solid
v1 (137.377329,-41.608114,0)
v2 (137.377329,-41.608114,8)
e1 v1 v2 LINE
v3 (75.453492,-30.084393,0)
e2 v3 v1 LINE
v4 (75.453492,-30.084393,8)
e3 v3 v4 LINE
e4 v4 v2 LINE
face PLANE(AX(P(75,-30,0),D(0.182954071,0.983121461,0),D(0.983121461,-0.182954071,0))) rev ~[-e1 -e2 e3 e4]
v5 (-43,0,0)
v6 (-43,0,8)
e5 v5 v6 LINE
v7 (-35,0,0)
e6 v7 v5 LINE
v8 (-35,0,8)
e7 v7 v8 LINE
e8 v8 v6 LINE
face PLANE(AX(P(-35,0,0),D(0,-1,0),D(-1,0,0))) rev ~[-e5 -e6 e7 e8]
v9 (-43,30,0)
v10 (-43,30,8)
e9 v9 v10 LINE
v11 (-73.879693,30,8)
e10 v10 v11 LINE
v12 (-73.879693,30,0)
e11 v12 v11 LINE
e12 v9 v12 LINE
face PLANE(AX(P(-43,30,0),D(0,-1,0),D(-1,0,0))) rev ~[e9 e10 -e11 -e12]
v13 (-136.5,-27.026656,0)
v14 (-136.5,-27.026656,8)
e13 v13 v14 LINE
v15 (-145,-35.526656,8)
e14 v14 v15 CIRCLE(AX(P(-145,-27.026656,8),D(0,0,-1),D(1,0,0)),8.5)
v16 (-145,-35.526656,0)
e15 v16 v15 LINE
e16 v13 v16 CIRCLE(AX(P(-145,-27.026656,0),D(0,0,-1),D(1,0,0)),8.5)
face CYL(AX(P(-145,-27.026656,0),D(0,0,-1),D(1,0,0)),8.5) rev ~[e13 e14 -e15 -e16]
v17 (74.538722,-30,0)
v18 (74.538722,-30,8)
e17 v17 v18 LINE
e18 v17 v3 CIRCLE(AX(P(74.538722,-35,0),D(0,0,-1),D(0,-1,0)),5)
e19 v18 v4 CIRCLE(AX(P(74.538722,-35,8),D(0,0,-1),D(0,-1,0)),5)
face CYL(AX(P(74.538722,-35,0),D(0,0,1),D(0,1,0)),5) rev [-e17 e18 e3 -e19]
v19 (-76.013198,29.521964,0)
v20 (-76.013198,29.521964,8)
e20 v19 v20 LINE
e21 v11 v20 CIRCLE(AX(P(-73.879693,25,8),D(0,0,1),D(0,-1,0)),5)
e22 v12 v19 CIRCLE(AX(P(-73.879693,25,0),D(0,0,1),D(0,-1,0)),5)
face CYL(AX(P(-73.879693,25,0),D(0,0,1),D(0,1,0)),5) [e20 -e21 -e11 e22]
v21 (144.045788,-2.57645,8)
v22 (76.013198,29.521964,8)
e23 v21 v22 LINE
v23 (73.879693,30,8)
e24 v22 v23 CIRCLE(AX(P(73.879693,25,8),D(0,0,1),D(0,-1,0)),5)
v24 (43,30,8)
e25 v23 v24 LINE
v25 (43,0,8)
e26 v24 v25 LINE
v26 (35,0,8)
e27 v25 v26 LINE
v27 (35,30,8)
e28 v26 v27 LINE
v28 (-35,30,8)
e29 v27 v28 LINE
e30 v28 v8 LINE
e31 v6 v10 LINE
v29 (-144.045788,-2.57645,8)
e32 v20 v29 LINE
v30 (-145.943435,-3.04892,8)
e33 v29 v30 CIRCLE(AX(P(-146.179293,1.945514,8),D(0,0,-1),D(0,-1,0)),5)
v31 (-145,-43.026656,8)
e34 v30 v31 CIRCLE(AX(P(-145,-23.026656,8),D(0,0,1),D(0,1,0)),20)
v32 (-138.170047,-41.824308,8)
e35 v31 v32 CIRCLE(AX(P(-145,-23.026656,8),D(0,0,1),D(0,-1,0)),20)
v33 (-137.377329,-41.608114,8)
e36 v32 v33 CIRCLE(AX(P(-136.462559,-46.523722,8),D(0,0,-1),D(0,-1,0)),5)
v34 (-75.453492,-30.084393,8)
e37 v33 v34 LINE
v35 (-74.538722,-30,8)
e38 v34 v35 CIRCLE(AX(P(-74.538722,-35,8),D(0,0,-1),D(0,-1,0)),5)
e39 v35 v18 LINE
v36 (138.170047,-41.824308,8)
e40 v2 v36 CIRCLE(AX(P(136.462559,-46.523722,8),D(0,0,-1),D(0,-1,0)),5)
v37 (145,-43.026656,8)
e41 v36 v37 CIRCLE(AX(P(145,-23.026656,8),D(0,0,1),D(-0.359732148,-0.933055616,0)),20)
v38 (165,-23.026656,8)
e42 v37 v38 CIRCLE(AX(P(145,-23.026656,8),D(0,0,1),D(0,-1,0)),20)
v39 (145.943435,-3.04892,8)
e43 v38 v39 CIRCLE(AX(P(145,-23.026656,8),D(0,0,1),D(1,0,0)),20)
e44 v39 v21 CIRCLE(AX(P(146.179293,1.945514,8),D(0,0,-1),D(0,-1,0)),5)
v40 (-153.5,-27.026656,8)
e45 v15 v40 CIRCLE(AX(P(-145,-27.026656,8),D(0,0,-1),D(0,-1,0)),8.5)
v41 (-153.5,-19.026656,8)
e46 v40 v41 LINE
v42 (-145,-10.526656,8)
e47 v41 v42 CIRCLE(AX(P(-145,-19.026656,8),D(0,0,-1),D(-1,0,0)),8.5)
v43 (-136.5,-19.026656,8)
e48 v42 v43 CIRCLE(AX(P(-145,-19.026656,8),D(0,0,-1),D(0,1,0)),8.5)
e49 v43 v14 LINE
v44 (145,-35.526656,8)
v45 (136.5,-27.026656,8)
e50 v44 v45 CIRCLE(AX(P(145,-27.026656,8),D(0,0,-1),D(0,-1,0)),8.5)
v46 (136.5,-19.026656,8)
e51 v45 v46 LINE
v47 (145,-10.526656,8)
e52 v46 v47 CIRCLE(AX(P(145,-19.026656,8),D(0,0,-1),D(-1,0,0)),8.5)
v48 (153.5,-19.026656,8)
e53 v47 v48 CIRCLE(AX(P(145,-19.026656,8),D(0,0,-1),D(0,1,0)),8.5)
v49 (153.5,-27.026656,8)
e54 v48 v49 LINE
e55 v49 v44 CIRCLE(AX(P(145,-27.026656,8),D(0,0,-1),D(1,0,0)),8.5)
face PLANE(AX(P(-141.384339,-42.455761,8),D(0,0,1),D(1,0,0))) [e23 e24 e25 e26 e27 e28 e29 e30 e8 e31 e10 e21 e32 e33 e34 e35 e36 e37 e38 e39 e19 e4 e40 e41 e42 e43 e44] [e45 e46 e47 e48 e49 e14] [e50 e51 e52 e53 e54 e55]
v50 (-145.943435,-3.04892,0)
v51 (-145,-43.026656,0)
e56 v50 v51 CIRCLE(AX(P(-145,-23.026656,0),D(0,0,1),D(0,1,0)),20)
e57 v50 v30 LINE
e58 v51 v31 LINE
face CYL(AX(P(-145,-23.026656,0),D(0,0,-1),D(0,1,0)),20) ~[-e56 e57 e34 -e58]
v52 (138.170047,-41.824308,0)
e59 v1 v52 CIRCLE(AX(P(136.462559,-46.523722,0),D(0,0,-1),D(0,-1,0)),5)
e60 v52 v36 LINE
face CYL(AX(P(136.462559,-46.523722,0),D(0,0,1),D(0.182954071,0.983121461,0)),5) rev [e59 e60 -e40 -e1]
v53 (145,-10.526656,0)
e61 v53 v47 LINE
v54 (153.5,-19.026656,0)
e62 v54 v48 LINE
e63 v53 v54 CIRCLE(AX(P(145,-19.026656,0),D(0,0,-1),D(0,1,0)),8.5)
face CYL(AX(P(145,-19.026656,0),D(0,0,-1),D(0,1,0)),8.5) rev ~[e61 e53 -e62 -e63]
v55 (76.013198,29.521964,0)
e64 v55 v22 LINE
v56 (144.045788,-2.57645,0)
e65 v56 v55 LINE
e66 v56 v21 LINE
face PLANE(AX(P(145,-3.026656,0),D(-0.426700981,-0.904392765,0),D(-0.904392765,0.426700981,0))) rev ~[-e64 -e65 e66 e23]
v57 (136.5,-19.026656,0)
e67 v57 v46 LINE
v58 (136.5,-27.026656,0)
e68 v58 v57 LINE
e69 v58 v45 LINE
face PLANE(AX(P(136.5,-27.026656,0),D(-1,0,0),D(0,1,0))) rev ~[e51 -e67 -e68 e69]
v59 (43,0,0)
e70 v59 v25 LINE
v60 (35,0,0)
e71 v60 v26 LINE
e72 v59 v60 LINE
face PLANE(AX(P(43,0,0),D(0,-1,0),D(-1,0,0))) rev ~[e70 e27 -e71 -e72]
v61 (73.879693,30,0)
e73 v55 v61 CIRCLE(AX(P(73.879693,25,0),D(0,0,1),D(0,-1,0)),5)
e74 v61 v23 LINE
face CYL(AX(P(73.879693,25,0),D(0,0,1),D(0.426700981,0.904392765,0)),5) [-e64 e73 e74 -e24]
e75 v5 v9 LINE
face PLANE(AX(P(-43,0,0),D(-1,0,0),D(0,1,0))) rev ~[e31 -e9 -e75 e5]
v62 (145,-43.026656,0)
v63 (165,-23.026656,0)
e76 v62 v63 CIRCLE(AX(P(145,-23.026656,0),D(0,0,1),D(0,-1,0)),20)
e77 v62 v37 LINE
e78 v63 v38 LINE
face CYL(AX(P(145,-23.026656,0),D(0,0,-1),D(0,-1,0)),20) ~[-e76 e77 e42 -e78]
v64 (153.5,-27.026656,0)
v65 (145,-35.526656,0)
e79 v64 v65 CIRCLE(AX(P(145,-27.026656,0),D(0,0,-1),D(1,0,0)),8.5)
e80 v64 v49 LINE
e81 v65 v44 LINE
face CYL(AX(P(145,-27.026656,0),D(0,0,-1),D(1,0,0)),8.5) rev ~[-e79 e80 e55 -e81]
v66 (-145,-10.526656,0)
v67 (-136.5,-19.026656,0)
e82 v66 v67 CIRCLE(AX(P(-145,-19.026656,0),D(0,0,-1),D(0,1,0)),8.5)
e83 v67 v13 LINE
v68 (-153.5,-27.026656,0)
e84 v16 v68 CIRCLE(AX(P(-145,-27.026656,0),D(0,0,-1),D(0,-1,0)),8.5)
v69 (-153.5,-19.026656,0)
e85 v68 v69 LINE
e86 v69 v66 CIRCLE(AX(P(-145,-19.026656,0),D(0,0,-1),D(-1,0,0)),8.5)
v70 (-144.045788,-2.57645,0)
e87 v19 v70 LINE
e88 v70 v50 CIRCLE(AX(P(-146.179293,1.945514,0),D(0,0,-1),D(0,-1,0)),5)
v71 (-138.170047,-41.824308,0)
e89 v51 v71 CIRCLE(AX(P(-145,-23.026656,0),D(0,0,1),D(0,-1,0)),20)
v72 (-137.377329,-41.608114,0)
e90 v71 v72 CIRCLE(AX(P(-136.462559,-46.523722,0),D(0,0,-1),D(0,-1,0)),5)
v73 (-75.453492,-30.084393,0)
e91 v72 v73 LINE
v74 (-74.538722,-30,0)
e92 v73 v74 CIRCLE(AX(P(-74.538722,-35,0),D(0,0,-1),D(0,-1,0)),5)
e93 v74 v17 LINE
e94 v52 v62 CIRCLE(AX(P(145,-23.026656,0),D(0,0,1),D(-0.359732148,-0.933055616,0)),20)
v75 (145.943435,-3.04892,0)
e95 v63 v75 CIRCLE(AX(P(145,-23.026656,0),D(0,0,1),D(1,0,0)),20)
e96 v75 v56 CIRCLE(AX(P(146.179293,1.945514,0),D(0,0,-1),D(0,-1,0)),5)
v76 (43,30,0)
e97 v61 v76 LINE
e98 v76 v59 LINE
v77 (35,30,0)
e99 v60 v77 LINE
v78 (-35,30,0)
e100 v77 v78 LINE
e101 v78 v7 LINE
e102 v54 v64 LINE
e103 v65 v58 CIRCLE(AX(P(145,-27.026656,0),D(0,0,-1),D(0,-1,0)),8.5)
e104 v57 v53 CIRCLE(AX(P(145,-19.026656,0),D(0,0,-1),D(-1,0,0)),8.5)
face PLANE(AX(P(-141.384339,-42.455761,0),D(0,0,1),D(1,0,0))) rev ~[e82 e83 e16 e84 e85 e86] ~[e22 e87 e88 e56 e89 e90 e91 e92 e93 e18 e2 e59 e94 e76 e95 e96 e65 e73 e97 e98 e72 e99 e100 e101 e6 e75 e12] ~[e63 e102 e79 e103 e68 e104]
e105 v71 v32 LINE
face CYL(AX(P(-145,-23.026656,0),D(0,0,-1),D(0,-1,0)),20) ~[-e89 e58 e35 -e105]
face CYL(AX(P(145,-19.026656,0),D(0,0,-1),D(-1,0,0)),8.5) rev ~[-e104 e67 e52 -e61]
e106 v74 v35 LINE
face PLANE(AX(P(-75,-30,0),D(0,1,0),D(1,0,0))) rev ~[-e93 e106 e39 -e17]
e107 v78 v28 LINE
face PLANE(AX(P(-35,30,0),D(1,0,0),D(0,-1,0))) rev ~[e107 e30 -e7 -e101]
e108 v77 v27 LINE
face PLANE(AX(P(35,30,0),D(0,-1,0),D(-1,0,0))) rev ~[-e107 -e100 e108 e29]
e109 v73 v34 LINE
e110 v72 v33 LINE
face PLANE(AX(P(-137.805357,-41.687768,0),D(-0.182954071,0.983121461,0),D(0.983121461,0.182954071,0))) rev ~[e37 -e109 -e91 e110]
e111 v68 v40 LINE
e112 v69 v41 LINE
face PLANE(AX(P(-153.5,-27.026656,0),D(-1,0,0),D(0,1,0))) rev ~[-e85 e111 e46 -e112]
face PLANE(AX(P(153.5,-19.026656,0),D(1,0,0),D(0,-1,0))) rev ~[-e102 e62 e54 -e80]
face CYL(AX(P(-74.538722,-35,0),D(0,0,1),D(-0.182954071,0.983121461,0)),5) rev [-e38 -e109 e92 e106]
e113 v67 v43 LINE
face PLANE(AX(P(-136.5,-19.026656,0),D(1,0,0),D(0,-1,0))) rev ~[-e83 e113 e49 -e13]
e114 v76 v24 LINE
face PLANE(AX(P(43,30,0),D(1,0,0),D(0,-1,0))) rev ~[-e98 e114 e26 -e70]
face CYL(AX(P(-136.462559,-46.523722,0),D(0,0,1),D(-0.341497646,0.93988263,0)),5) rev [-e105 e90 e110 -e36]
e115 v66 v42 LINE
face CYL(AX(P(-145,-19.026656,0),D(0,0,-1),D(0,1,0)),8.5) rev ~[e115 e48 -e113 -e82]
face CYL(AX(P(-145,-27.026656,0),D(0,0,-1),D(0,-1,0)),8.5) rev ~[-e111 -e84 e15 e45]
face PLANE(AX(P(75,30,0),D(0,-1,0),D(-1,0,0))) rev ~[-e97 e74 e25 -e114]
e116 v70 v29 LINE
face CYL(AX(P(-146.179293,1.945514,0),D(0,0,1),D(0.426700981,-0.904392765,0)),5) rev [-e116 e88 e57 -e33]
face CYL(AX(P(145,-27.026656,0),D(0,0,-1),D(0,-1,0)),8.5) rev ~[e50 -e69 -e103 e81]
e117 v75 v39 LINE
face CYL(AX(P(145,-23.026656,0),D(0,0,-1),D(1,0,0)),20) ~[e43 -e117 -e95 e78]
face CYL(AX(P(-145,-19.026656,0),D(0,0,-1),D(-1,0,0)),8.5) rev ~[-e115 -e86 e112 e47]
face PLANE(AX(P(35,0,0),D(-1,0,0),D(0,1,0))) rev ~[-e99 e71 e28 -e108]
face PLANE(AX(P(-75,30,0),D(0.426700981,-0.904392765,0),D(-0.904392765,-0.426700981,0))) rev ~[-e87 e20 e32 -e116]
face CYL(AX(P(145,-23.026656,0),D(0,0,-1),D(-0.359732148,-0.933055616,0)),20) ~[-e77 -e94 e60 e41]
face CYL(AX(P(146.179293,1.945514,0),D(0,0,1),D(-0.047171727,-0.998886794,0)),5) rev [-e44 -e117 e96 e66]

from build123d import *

# Parameters (mm, degrees)
F1_DEPTH = 8
F2_R     = 5


with BuildPart() as f1:
    # F0 (on Top) → F1 (new body)
    with BuildSketch(Plane.XY):
        with BuildLine():
            ThreePointArc((-145, -43.026655901), (-141.3409185754, -42.6890851285), (-137.805357045, -41.6877682137))
            Line((-137.805357045, -41.6877682137), (-145, -43.026655901))
        make_face()
        with BuildLine():
            Line((145, -43.026655901), (137.805357045, -41.6877682137))
            ThreePointArc((137.805357045, -41.6877682137), (141.3409185754, -42.6890851285), (145, -43.026655901))
        make_face()
        with BuildLine():
            Line((-137.805357045, -41.6877682137), (-75, -30))
            Line((-75, -30), (-75, 30))
            Line((-75, 30), (-145, -3.026655901))
            ThreePointArc((-145, -3.026655901), (-130.8578643763, -8.8845202772), (-125, -23.026655901))
            ThreePointArc((-125, -23.026655901), (-128.5092016703, -34.3427316541), (-137.805357045, -41.6877682137))
        make_face()
        with BuildLine():
            Line((75, 30), (75, -30))
            Line((75, -30), (137.805357045, -41.6877682137))
            ThreePointArc((137.805357045, -41.6877682137), (125.3375707725, -19.3675744763), (145, -3.026655901))
            Line((145, -3.026655901), (75, 30))
        make_face()
        Polygon((-75, 30), (-75, -30), (-66.3212612271, -30), (75, -30), (75, 30), (43, 30), (43, 0), (35, 0), (35, 30), (-35, 30), (-35, 0), (-43, 0), (-43, 30), align=None)
        with BuildLine():
            Line((-145, -10.526655901), (-145, -3.026655901))
            ThreePointArc((-145, -3.026655901), (-165, -23.026655901), (-145, -43.026655901))
            Line((-145, -43.026655901), (-145, -35.526655901))
            ThreePointArc((-145, -35.526655901), (-151.0104076401, -33.037063541), (-153.5, -27.026655901))
            Line((-153.5, -27.026655901), (-153.5, -19.026655901))
            ThreePointArc((-153.5, -19.026655901), (-151.0104076401, -13.0162482609), (-145, -10.526655901))
        make_face()
        with BuildLine():
            ThreePointArc((165, -23.026655901), (159.1421356237, -8.8845202772), (145, -3.026655901))
            Line((145, -3.026655901), (145, -10.526655901))
            ThreePointArc((145, -10.526655901), (151.0104076401, -13.0162482609), (153.5, -19.026655901))
            Line((153.5, -19.026655901), (153.5, -27.026655901))
            ThreePointArc((153.5, -27.026655901), (151.0104076401, -33.037063541), (145, -35.526655901))
            Line((145, -35.526655901), (145, -43.026655901))
            ThreePointArc((145, -43.026655901), (159.1421356237, -37.1687915247), (165, -23.026655901))
        make_face()
        with BuildLine():
            Line((-145, -43.026655901), (-137.805357045, -41.6877682137))
            ThreePointArc((-137.805357045, -41.6877682137), (-128.5092016703, -34.3427316541), (-125, -23.026655901))
            ThreePointArc((-125, -23.026655901), (-130.8578643763, -8.8845202772), (-145, -3.026655901))
            Line((-145, -3.026655901), (-145, -10.526655901))
            ThreePointArc((-145, -10.526655901), (-138.9895923599, -13.0162482609), (-136.5, -19.026655901))
            Line((-136.5, -19.026655901), (-136.5, -27.026655901))
            ThreePointArc((-136.5, -27.026655901), (-138.9895923599, -33.037063541), (-145, -35.526655901))
            Line((-145, -35.526655901), (-145, -43.026655901))
        make_face()
        with BuildLine():
            ThreePointArc((145, -3.026655901), (125.3375707725, -19.3675744763), (137.805357045, -41.6877682137))
            Line((137.805357045, -41.6877682137), (145, -43.026655901))
            Line((145, -43.026655901), (145, -35.526655901))
            ThreePointArc((145, -35.526655901), (138.9895923599, -33.037063541), (136.5, -27.026655901))
            Line((136.5, -27.026655901), (136.5, -19.026655901))
            ThreePointArc((136.5, -19.026655901), (138.9895923599, -13.0162482609), (145, -10.526655901))
            Line((145, -10.526655901), (145, -3.026655901))
        make_face()
    extrude(amount=F1_DEPTH)

    # F2
    f2_edges = [f1.edges().sort_by_distance(p)[0] for p in [
        (75, -30, 4),
        (-75, -30, 4),
        (-75, 30, 4),
        (75, 30, 4),
        (145, -3.026656, 4),
        (-145, -3.026656, 4),
        (-137.805357, -41.687768, 4),
        (137.805357, -41.687768, 4),
    ]]
    fillet(f2_edges, radius=F2_R)


solid = f1.part
